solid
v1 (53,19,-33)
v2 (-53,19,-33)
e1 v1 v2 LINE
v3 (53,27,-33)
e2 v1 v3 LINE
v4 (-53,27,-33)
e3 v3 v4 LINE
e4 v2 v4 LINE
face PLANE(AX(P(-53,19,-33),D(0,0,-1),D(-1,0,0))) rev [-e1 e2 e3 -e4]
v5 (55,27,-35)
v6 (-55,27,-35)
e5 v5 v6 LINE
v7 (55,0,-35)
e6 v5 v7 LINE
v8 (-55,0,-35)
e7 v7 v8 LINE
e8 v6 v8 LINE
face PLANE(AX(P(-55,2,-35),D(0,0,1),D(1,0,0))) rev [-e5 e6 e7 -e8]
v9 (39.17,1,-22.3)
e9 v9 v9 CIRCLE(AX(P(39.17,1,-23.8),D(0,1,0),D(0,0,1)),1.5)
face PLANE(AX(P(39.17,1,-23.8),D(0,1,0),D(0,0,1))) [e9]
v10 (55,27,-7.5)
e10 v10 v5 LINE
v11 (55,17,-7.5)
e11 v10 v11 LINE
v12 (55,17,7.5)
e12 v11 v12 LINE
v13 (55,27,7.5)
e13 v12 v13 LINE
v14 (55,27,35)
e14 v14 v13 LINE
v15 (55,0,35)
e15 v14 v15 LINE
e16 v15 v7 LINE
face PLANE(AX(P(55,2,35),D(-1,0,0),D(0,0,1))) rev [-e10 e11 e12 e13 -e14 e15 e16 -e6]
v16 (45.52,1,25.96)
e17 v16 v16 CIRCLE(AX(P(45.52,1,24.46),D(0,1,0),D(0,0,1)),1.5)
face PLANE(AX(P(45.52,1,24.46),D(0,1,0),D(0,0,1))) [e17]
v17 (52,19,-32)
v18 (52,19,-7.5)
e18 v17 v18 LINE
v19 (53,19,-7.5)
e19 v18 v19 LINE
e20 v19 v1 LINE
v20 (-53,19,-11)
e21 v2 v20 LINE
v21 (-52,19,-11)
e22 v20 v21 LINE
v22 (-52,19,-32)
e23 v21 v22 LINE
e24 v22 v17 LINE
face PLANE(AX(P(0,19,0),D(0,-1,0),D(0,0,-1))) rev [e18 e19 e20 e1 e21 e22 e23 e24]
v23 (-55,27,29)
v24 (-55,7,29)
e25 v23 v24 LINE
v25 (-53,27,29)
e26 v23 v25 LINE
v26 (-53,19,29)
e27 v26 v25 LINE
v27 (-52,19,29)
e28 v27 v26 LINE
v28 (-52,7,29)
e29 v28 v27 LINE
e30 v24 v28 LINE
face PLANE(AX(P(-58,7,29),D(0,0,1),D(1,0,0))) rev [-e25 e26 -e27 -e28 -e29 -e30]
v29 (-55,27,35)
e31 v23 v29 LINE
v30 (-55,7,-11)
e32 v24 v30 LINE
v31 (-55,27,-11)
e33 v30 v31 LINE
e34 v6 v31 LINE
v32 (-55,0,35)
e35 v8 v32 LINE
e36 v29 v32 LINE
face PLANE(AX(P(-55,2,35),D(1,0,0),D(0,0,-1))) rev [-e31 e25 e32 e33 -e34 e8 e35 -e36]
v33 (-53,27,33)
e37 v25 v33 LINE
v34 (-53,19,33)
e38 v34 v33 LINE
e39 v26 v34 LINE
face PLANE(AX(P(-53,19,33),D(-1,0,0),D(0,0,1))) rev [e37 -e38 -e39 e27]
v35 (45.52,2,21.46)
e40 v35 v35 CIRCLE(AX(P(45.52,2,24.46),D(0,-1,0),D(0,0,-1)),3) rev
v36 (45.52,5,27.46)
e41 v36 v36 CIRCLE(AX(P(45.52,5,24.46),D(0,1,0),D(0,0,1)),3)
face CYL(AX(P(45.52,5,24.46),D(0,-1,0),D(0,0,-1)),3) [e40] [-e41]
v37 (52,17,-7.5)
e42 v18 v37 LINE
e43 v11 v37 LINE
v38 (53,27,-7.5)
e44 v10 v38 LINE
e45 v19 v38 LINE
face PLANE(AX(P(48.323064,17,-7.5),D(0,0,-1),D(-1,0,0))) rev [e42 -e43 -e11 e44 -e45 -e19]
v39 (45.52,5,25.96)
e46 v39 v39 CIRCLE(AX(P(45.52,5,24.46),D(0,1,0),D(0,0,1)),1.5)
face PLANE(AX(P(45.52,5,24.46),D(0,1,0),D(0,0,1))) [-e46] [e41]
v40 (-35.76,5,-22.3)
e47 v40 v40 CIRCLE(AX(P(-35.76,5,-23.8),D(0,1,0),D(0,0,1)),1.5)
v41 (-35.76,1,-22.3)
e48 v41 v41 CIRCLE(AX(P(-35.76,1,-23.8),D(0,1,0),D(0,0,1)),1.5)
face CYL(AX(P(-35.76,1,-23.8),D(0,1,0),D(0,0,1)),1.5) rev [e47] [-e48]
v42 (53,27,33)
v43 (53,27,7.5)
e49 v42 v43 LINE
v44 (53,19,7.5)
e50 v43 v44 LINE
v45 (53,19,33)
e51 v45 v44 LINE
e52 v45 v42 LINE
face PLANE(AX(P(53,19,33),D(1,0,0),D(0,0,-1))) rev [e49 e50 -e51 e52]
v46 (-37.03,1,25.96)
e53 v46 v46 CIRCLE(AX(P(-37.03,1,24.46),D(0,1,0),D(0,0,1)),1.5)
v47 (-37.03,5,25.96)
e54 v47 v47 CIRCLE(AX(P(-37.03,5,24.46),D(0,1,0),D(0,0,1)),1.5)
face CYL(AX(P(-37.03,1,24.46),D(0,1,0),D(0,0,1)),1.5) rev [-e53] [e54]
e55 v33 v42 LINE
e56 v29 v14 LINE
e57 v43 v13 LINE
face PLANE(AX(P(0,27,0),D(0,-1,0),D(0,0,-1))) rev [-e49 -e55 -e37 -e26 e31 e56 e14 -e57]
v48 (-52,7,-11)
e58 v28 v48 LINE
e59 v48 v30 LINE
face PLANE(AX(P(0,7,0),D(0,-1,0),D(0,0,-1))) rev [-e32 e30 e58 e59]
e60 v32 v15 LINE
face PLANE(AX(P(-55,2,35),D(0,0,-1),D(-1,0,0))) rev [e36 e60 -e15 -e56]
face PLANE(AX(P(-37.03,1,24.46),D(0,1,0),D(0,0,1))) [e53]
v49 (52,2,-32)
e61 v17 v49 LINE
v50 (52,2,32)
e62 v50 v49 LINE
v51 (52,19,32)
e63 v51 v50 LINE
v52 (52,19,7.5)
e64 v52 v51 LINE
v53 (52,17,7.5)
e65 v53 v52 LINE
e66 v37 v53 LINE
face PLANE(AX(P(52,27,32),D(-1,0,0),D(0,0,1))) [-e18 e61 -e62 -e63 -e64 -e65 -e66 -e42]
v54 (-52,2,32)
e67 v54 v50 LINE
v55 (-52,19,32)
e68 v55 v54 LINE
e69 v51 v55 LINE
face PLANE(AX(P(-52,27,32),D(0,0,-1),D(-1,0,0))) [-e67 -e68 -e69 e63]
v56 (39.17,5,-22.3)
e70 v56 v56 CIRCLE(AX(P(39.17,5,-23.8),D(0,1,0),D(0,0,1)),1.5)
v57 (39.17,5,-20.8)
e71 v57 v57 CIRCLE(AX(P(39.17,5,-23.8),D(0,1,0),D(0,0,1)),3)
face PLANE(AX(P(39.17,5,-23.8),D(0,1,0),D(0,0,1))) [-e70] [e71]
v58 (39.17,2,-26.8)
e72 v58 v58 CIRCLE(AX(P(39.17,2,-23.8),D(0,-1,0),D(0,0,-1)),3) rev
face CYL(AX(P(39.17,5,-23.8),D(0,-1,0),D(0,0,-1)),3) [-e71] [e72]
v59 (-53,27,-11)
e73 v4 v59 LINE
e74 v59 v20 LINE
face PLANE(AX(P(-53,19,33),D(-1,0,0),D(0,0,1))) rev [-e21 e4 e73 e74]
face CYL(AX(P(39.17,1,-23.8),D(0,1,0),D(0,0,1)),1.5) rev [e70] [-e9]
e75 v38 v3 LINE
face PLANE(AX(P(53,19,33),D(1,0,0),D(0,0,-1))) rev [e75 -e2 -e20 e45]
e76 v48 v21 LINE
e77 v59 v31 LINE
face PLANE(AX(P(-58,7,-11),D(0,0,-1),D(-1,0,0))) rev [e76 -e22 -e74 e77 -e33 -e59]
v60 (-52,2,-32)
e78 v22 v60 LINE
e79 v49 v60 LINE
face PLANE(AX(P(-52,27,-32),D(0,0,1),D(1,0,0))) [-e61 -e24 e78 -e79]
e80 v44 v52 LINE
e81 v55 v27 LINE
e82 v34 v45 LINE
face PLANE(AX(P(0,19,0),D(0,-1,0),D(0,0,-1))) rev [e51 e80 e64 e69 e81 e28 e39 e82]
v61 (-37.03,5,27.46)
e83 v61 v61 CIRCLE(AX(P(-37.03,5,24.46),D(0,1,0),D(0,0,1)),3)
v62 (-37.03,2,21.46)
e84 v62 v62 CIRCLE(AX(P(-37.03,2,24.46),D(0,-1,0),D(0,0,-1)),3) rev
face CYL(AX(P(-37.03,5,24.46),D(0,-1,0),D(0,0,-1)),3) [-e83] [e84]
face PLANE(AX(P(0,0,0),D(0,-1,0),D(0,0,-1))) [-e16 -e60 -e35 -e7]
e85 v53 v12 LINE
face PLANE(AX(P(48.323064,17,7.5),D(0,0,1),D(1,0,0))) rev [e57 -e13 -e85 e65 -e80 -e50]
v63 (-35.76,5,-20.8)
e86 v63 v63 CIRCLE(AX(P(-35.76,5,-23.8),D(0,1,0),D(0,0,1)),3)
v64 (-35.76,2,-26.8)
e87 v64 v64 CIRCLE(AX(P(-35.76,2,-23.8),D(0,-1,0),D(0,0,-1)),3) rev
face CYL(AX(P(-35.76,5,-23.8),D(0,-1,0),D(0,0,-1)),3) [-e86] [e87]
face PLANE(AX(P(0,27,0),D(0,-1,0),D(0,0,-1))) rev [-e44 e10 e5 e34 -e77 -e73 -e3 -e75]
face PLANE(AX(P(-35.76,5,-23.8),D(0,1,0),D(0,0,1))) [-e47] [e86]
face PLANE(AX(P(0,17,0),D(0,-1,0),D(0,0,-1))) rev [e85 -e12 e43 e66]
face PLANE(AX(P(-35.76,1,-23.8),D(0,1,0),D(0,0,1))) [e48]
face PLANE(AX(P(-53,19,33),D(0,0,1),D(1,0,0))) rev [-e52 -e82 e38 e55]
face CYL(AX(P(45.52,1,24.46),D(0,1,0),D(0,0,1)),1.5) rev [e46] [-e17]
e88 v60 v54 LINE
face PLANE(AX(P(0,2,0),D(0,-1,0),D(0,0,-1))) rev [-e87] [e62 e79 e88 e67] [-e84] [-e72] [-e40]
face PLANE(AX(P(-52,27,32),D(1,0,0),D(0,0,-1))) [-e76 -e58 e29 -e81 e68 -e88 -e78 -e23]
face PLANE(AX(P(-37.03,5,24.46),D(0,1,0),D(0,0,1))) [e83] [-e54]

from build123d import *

# Parameters (mm, degrees)
CROQUIS1_W              = 110
CROQUIS1_H              = 70
SALIENTE_EXTRUIR1_DEPTH = 2
CROQUIS2_W              = 110
CROQUIS2_H              = 70
CROQUIS2_W_2            = 104
CROQUIS2_H_2            = 64
SALIENTE_EXTRUIR2_DEPTH = 25
CROQUIS3_W              = 106
CROQUIS3_H              = 66
CORTAR_EXTRUIR1_DEPTH   = 8
CROQUIS4_R              = 3
SALIENTE_EXTRUIR3_DEPTH = 3
CROQUIS6_R              = 1.5
CORTAR_EXTRUIR2_DEPTH   = 4
CROQUIS7_W              = 6
CROQUIS7_H              = 40
CORTAR_EXTRUIR3_DEPTH   = 20
CROQUIS8_W              = 9.353871772
CROQUIS8_H              = 15
CORTAR_EXTRUIR4_DEPTH   = 10


with BuildPart() as part:
    # Croquis1 → Saliente-Extruir1 (new body)
    with BuildSketch(Plane(origin=(0, 0, 0), x_dir=(1, 0, 0), z_dir=(0, 1, 0))):
        Rectangle(CROQUIS1_W, CROQUIS1_H)
    extrude(amount=SALIENTE_EXTRUIR1_DEPTH)

    # Croquis2 → Saliente-Extruir2 (add)
    with BuildSketch(Plane(origin=(0, 2, 0), x_dir=(1, 0, 0), z_dir=(0, 1, 0))):
        Rectangle(CROQUIS2_W, CROQUIS2_H)
        Rectangle(CROQUIS2_W_2, CROQUIS2_H_2, mode=Mode.SUBTRACT)
    extrude(amount=SALIENTE_EXTRUIR2_DEPTH)

    # Croquis3 → Cortar-Extruir1 (cut)
    with BuildSketch(Plane(origin=(0, 27, 0), x_dir=(1, 0, 0), z_dir=(0, 1, 0))):
        Rectangle(CROQUIS3_W, CROQUIS3_H)
    extrude(amount=-CORTAR_EXTRUIR1_DEPTH, mode=Mode.SUBTRACT)

    # Croquis4 → Saliente-Extruir3 (add)
    with BuildSketch(Plane(origin=(0, 2, 0), x_dir=(1, 0, 0), z_dir=(0, 1, 0))):
        with Locations(Location((-37.03, -24.46, 0), (0, 0, 90))):
            Circle(CROQUIS4_R)
        with Locations(Location((-35.76, 23.8, 0), (0, 0, 90))):
            Circle(CROQUIS4_R)
        with Locations(Location((39.17, 23.8, 0), (0, 0, 90))):
            Circle(CROQUIS4_R)
        with Locations(Location((45.52, -24.46, 0), (0, 0, 90))):
            Circle(CROQUIS4_R)
    extrude(amount=SALIENTE_EXTRUIR3_DEPTH)

    # Croquis6 → Cortar-Extruir2 (cut)
    with BuildSketch(Plane(origin=(0, 5, 0), x_dir=(1, 0, 0), z_dir=(0, 1, 0))):
        with Locations(Location((-35.76, 23.8, 0), (0, 0, 270))):
            Circle(CROQUIS6_R)
        with Locations(Location((-37.03, -24.46, 0), (0, 0, 270))):
            Circle(CROQUIS6_R)
        with Locations(Location((39.17, 23.8, 0), (0, 0, 270))):
            Circle(CROQUIS6_R)
        with Locations(Location((45.52, -24.46, 0), (0, 0, 270))):
            Circle(CROQUIS6_R)
    extrude(amount=-CORTAR_EXTRUIR2_DEPTH, mode=Mode.SUBTRACT)

    # Croquis7 → Cortar-Extruir3 (cut)
    with BuildSketch(Plane(origin=(0, 27, 0), x_dir=(1, 0, 0), z_dir=(0, 1, 0))):
        with Locations((-55, -9)):
            Rectangle(CROQUIS7_W, CROQUIS7_H)
    extrude(amount=-CORTAR_EXTRUIR3_DEPTH, mode=Mode.SUBTRACT)

    # Croquis8 → Cortar-Extruir4 (cut)
    with BuildSketch(Plane(origin=(0, 27, 0), x_dir=(1, 0, 0), z_dir=(0, 1, 0))):
        with Locations((53, 0)):
            Rectangle(CROQUIS8_W, CROQUIS8_H)
    extrude(amount=-CORTAR_EXTRUIR4_DEPTH, mode=Mode.SUBTRACT)


solid = part.part
